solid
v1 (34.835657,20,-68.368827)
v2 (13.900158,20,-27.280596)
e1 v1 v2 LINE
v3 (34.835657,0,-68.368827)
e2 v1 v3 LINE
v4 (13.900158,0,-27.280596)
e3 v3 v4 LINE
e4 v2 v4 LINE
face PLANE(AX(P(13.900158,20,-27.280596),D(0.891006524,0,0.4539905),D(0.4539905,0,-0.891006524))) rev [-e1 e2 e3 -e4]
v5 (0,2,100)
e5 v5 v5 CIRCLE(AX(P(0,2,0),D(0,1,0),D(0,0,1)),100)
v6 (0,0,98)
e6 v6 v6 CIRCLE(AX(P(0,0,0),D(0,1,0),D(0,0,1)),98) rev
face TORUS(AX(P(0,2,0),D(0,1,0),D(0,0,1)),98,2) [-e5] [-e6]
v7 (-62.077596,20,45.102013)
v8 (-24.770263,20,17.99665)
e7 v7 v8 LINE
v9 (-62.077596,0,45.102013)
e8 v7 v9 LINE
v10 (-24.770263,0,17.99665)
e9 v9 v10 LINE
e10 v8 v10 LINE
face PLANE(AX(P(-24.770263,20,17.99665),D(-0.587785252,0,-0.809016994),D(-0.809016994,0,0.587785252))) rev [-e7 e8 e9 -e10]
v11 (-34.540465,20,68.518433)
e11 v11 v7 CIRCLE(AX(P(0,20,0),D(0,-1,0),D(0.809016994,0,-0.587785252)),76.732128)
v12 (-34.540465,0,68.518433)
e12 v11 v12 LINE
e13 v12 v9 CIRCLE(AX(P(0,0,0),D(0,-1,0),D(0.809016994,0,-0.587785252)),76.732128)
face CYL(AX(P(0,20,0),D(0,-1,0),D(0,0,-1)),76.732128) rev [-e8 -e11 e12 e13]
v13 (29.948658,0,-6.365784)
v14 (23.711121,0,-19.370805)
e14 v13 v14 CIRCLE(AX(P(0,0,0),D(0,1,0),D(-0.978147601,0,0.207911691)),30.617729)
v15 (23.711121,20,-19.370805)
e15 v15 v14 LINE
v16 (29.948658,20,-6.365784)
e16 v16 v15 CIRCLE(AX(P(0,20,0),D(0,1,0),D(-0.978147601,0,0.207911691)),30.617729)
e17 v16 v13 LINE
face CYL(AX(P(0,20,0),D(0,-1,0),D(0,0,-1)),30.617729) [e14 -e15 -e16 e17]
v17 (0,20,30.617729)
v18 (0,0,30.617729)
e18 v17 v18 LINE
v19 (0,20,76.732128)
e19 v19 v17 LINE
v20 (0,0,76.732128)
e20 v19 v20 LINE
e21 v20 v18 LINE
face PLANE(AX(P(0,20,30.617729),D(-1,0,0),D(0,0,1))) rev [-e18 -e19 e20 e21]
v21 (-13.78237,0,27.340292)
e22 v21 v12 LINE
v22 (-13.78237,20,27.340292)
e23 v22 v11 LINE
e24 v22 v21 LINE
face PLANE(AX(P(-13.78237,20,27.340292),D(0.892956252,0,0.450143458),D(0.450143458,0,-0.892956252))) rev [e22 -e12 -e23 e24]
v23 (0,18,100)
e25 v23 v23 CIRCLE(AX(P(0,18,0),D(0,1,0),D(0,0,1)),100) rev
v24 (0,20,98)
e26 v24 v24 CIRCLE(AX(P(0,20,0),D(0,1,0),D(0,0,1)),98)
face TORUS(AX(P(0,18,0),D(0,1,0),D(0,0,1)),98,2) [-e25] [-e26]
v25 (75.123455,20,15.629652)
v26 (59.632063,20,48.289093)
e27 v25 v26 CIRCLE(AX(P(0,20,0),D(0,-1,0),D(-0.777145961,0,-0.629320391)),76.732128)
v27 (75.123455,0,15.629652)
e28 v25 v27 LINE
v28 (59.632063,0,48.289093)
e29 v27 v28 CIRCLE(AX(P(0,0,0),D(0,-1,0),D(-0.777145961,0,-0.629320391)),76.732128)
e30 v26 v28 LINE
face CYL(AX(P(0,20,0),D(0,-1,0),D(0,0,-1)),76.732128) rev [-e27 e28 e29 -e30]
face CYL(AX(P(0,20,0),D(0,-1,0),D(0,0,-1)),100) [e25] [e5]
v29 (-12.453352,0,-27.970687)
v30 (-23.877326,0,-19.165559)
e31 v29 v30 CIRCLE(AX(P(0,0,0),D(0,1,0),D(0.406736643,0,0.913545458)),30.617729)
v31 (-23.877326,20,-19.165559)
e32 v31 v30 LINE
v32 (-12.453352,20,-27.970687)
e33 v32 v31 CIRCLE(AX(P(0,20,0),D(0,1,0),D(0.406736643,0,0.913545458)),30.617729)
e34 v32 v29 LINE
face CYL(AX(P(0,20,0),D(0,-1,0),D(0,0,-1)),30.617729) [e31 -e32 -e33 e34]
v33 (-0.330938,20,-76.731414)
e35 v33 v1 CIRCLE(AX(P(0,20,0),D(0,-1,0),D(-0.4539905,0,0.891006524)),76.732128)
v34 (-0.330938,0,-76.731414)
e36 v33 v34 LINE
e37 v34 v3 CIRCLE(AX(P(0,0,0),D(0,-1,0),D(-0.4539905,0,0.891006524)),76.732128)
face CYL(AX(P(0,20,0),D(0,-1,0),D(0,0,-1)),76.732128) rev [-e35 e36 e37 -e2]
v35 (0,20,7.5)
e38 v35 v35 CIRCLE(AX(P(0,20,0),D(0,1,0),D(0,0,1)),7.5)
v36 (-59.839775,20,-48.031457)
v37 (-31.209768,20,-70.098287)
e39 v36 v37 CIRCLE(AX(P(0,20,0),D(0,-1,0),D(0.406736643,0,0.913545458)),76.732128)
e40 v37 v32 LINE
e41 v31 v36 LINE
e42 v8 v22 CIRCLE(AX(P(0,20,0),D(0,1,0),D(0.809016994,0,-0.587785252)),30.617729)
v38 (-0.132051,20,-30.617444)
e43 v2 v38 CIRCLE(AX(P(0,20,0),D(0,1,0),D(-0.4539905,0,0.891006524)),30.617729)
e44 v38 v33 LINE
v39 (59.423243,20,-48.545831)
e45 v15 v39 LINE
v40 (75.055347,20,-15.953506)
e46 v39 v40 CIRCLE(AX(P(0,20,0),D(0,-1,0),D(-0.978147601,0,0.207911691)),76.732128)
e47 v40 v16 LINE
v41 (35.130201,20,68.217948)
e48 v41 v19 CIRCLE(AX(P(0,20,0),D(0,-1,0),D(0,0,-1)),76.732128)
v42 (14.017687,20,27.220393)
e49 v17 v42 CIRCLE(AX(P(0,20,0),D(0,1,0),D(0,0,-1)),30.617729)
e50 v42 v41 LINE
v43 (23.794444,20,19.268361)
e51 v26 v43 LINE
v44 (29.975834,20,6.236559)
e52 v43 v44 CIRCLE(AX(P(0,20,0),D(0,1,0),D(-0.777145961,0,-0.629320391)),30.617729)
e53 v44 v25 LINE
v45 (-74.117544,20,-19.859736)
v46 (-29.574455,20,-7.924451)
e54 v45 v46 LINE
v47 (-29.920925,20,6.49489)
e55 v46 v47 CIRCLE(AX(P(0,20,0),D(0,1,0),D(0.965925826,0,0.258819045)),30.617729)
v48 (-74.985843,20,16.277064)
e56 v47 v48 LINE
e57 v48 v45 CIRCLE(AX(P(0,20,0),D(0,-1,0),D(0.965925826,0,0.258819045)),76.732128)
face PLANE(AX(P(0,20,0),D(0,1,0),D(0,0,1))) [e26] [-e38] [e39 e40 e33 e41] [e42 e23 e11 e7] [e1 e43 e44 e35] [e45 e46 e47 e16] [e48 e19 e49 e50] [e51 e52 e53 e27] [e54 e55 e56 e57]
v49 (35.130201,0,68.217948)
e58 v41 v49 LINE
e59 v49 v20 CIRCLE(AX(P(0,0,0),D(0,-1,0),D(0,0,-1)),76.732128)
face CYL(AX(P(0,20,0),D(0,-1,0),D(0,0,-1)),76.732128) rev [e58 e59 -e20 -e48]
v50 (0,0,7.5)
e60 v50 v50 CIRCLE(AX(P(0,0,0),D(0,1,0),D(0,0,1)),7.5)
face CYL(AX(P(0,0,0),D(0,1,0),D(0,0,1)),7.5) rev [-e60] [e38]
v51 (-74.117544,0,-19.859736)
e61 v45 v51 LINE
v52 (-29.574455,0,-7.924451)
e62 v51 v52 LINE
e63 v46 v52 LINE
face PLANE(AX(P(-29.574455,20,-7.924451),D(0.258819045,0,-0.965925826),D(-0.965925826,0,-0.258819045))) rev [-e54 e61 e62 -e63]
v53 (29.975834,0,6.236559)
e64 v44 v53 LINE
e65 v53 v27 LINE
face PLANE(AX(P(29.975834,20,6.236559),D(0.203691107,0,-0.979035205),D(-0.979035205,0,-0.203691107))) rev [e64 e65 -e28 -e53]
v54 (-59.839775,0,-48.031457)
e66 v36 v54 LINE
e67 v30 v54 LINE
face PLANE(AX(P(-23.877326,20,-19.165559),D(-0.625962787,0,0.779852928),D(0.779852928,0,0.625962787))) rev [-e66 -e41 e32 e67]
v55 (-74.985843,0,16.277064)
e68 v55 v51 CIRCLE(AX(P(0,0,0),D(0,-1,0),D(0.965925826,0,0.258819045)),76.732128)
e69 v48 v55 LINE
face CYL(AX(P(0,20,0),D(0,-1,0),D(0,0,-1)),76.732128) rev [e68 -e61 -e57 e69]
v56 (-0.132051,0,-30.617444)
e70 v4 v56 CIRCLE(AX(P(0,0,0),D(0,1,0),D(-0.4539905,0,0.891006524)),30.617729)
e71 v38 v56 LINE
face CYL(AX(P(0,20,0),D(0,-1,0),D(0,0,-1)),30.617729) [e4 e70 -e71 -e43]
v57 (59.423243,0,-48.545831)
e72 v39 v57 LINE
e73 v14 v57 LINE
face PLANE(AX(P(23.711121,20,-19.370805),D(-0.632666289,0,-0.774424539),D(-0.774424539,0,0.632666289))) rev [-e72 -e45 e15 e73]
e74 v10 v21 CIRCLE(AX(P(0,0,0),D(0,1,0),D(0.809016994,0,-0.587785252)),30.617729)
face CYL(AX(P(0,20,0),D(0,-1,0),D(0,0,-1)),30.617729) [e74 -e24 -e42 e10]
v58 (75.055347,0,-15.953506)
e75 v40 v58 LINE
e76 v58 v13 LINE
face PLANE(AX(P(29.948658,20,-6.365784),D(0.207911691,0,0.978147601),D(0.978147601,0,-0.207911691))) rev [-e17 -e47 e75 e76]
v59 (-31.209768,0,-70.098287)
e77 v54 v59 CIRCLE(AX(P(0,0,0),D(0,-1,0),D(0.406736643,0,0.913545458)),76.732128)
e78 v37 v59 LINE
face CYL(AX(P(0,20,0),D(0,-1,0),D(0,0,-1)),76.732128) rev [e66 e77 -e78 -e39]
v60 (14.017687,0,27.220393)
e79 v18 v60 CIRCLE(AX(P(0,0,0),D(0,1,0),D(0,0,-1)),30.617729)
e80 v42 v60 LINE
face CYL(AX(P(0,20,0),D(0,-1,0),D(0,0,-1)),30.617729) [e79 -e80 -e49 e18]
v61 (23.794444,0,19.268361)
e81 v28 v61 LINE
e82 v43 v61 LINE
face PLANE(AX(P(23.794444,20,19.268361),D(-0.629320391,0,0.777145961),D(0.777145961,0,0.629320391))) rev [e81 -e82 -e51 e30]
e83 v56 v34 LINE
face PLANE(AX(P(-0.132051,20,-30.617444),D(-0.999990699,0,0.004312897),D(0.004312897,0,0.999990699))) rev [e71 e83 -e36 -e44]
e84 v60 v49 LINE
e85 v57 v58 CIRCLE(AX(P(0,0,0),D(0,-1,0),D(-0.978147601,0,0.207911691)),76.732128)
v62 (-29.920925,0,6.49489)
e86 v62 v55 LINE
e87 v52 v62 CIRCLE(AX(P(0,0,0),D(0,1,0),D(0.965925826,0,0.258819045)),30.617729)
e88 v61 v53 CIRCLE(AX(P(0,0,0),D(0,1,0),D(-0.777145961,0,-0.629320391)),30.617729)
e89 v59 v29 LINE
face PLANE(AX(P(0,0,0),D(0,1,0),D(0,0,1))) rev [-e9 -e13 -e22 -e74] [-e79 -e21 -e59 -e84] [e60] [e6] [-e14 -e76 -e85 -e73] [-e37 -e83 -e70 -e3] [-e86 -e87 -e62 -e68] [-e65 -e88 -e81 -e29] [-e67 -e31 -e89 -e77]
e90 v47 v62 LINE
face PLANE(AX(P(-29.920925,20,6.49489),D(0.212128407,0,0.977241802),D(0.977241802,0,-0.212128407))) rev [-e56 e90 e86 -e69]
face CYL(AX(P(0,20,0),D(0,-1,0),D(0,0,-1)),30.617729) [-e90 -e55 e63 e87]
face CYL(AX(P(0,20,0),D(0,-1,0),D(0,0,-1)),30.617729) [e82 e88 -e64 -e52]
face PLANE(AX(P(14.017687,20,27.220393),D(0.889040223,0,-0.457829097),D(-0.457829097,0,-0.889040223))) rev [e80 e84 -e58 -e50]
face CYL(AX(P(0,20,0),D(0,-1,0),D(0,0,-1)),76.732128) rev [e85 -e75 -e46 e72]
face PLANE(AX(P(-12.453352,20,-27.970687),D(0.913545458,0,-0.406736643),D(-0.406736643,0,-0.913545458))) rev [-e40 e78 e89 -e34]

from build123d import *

# Parameters (mm, degrees)
SKETCH1_R           = 100
BOSS_EXTRUDE1_DEPTH = 20
FILLET1_R           = 2
SKETCH2_R           = 7.5
CUT_EXTRUDE1_DEPTH  = 21
CUT_EXTRUDE2_DEPTH  = 21
CIRPATTERN1_COUNT   = 7
CIRPATTERN1_ANGLE   = 306


with BuildPart() as part:
    # Sketch1 → Boss-Extrude1 (new body)
    with BuildSketch(Plane(origin=(0, 0, 0), x_dir=(1, 0, 0), z_dir=(0, 1, 0))):
        Circle(SKETCH1_R)
    extrude(amount=BOSS_EXTRUDE1_DEPTH)

    # Fillet1
    fillet1_edges = [part.edges().sort_by_distance(p)[0] for p in [
        (-100, 0, 0),
        (-100, 20, 0),
    ]]
    fillet(fillet1_edges, radius=FILLET1_R)

    # Sketch2 → Cut-Extrude1 (cut, through all)
    with BuildSketch(Plane(origin=(0, 20, 0), x_dir=(1, 0, 0), z_dir=(0, 1, 0))):
        Circle(SKETCH2_R)
    extrude(amount=-CUT_EXTRUDE1_DEPTH, mode=Mode.SUBTRACT)

    # Sketch3 → Cut-Extrude2 (cut, through all)
    with BuildSketch(Plane.XZ):
        with BuildLine():
            Line((0, 30.617728898), (0, 76.732128088))
            ThreePointArc((0, 76.732128088), (18.073615255, 74.573211762), (35.130200903, 68.217948265))
            Line((35.130200903, 68.217948265), (14.017687169, 27.220392527))
            ThreePointArc((14.017687169, 27.220392527), (7.21175166, 29.756275991), (0, 30.617728898))
        make_face()
    cut_extrude2 = extrude(amount=-CUT_EXTRUDE2_DEPTH, mode=Mode.SUBTRACT)

    # CirPattern1: Cut-Extrude2 ×7 about axis
    cirpattern1_axis = Axis((0, 0, 0), (0, 1, 0))
    for i in range(1, CIRPATTERN1_COUNT):
        add(cut_extrude2.rotate(cirpattern1_axis, i * CIRPATTERN1_ANGLE / (CIRPATTERN1_COUNT - 1)), mode=Mode.SUBTRACT)


solid = part.part
